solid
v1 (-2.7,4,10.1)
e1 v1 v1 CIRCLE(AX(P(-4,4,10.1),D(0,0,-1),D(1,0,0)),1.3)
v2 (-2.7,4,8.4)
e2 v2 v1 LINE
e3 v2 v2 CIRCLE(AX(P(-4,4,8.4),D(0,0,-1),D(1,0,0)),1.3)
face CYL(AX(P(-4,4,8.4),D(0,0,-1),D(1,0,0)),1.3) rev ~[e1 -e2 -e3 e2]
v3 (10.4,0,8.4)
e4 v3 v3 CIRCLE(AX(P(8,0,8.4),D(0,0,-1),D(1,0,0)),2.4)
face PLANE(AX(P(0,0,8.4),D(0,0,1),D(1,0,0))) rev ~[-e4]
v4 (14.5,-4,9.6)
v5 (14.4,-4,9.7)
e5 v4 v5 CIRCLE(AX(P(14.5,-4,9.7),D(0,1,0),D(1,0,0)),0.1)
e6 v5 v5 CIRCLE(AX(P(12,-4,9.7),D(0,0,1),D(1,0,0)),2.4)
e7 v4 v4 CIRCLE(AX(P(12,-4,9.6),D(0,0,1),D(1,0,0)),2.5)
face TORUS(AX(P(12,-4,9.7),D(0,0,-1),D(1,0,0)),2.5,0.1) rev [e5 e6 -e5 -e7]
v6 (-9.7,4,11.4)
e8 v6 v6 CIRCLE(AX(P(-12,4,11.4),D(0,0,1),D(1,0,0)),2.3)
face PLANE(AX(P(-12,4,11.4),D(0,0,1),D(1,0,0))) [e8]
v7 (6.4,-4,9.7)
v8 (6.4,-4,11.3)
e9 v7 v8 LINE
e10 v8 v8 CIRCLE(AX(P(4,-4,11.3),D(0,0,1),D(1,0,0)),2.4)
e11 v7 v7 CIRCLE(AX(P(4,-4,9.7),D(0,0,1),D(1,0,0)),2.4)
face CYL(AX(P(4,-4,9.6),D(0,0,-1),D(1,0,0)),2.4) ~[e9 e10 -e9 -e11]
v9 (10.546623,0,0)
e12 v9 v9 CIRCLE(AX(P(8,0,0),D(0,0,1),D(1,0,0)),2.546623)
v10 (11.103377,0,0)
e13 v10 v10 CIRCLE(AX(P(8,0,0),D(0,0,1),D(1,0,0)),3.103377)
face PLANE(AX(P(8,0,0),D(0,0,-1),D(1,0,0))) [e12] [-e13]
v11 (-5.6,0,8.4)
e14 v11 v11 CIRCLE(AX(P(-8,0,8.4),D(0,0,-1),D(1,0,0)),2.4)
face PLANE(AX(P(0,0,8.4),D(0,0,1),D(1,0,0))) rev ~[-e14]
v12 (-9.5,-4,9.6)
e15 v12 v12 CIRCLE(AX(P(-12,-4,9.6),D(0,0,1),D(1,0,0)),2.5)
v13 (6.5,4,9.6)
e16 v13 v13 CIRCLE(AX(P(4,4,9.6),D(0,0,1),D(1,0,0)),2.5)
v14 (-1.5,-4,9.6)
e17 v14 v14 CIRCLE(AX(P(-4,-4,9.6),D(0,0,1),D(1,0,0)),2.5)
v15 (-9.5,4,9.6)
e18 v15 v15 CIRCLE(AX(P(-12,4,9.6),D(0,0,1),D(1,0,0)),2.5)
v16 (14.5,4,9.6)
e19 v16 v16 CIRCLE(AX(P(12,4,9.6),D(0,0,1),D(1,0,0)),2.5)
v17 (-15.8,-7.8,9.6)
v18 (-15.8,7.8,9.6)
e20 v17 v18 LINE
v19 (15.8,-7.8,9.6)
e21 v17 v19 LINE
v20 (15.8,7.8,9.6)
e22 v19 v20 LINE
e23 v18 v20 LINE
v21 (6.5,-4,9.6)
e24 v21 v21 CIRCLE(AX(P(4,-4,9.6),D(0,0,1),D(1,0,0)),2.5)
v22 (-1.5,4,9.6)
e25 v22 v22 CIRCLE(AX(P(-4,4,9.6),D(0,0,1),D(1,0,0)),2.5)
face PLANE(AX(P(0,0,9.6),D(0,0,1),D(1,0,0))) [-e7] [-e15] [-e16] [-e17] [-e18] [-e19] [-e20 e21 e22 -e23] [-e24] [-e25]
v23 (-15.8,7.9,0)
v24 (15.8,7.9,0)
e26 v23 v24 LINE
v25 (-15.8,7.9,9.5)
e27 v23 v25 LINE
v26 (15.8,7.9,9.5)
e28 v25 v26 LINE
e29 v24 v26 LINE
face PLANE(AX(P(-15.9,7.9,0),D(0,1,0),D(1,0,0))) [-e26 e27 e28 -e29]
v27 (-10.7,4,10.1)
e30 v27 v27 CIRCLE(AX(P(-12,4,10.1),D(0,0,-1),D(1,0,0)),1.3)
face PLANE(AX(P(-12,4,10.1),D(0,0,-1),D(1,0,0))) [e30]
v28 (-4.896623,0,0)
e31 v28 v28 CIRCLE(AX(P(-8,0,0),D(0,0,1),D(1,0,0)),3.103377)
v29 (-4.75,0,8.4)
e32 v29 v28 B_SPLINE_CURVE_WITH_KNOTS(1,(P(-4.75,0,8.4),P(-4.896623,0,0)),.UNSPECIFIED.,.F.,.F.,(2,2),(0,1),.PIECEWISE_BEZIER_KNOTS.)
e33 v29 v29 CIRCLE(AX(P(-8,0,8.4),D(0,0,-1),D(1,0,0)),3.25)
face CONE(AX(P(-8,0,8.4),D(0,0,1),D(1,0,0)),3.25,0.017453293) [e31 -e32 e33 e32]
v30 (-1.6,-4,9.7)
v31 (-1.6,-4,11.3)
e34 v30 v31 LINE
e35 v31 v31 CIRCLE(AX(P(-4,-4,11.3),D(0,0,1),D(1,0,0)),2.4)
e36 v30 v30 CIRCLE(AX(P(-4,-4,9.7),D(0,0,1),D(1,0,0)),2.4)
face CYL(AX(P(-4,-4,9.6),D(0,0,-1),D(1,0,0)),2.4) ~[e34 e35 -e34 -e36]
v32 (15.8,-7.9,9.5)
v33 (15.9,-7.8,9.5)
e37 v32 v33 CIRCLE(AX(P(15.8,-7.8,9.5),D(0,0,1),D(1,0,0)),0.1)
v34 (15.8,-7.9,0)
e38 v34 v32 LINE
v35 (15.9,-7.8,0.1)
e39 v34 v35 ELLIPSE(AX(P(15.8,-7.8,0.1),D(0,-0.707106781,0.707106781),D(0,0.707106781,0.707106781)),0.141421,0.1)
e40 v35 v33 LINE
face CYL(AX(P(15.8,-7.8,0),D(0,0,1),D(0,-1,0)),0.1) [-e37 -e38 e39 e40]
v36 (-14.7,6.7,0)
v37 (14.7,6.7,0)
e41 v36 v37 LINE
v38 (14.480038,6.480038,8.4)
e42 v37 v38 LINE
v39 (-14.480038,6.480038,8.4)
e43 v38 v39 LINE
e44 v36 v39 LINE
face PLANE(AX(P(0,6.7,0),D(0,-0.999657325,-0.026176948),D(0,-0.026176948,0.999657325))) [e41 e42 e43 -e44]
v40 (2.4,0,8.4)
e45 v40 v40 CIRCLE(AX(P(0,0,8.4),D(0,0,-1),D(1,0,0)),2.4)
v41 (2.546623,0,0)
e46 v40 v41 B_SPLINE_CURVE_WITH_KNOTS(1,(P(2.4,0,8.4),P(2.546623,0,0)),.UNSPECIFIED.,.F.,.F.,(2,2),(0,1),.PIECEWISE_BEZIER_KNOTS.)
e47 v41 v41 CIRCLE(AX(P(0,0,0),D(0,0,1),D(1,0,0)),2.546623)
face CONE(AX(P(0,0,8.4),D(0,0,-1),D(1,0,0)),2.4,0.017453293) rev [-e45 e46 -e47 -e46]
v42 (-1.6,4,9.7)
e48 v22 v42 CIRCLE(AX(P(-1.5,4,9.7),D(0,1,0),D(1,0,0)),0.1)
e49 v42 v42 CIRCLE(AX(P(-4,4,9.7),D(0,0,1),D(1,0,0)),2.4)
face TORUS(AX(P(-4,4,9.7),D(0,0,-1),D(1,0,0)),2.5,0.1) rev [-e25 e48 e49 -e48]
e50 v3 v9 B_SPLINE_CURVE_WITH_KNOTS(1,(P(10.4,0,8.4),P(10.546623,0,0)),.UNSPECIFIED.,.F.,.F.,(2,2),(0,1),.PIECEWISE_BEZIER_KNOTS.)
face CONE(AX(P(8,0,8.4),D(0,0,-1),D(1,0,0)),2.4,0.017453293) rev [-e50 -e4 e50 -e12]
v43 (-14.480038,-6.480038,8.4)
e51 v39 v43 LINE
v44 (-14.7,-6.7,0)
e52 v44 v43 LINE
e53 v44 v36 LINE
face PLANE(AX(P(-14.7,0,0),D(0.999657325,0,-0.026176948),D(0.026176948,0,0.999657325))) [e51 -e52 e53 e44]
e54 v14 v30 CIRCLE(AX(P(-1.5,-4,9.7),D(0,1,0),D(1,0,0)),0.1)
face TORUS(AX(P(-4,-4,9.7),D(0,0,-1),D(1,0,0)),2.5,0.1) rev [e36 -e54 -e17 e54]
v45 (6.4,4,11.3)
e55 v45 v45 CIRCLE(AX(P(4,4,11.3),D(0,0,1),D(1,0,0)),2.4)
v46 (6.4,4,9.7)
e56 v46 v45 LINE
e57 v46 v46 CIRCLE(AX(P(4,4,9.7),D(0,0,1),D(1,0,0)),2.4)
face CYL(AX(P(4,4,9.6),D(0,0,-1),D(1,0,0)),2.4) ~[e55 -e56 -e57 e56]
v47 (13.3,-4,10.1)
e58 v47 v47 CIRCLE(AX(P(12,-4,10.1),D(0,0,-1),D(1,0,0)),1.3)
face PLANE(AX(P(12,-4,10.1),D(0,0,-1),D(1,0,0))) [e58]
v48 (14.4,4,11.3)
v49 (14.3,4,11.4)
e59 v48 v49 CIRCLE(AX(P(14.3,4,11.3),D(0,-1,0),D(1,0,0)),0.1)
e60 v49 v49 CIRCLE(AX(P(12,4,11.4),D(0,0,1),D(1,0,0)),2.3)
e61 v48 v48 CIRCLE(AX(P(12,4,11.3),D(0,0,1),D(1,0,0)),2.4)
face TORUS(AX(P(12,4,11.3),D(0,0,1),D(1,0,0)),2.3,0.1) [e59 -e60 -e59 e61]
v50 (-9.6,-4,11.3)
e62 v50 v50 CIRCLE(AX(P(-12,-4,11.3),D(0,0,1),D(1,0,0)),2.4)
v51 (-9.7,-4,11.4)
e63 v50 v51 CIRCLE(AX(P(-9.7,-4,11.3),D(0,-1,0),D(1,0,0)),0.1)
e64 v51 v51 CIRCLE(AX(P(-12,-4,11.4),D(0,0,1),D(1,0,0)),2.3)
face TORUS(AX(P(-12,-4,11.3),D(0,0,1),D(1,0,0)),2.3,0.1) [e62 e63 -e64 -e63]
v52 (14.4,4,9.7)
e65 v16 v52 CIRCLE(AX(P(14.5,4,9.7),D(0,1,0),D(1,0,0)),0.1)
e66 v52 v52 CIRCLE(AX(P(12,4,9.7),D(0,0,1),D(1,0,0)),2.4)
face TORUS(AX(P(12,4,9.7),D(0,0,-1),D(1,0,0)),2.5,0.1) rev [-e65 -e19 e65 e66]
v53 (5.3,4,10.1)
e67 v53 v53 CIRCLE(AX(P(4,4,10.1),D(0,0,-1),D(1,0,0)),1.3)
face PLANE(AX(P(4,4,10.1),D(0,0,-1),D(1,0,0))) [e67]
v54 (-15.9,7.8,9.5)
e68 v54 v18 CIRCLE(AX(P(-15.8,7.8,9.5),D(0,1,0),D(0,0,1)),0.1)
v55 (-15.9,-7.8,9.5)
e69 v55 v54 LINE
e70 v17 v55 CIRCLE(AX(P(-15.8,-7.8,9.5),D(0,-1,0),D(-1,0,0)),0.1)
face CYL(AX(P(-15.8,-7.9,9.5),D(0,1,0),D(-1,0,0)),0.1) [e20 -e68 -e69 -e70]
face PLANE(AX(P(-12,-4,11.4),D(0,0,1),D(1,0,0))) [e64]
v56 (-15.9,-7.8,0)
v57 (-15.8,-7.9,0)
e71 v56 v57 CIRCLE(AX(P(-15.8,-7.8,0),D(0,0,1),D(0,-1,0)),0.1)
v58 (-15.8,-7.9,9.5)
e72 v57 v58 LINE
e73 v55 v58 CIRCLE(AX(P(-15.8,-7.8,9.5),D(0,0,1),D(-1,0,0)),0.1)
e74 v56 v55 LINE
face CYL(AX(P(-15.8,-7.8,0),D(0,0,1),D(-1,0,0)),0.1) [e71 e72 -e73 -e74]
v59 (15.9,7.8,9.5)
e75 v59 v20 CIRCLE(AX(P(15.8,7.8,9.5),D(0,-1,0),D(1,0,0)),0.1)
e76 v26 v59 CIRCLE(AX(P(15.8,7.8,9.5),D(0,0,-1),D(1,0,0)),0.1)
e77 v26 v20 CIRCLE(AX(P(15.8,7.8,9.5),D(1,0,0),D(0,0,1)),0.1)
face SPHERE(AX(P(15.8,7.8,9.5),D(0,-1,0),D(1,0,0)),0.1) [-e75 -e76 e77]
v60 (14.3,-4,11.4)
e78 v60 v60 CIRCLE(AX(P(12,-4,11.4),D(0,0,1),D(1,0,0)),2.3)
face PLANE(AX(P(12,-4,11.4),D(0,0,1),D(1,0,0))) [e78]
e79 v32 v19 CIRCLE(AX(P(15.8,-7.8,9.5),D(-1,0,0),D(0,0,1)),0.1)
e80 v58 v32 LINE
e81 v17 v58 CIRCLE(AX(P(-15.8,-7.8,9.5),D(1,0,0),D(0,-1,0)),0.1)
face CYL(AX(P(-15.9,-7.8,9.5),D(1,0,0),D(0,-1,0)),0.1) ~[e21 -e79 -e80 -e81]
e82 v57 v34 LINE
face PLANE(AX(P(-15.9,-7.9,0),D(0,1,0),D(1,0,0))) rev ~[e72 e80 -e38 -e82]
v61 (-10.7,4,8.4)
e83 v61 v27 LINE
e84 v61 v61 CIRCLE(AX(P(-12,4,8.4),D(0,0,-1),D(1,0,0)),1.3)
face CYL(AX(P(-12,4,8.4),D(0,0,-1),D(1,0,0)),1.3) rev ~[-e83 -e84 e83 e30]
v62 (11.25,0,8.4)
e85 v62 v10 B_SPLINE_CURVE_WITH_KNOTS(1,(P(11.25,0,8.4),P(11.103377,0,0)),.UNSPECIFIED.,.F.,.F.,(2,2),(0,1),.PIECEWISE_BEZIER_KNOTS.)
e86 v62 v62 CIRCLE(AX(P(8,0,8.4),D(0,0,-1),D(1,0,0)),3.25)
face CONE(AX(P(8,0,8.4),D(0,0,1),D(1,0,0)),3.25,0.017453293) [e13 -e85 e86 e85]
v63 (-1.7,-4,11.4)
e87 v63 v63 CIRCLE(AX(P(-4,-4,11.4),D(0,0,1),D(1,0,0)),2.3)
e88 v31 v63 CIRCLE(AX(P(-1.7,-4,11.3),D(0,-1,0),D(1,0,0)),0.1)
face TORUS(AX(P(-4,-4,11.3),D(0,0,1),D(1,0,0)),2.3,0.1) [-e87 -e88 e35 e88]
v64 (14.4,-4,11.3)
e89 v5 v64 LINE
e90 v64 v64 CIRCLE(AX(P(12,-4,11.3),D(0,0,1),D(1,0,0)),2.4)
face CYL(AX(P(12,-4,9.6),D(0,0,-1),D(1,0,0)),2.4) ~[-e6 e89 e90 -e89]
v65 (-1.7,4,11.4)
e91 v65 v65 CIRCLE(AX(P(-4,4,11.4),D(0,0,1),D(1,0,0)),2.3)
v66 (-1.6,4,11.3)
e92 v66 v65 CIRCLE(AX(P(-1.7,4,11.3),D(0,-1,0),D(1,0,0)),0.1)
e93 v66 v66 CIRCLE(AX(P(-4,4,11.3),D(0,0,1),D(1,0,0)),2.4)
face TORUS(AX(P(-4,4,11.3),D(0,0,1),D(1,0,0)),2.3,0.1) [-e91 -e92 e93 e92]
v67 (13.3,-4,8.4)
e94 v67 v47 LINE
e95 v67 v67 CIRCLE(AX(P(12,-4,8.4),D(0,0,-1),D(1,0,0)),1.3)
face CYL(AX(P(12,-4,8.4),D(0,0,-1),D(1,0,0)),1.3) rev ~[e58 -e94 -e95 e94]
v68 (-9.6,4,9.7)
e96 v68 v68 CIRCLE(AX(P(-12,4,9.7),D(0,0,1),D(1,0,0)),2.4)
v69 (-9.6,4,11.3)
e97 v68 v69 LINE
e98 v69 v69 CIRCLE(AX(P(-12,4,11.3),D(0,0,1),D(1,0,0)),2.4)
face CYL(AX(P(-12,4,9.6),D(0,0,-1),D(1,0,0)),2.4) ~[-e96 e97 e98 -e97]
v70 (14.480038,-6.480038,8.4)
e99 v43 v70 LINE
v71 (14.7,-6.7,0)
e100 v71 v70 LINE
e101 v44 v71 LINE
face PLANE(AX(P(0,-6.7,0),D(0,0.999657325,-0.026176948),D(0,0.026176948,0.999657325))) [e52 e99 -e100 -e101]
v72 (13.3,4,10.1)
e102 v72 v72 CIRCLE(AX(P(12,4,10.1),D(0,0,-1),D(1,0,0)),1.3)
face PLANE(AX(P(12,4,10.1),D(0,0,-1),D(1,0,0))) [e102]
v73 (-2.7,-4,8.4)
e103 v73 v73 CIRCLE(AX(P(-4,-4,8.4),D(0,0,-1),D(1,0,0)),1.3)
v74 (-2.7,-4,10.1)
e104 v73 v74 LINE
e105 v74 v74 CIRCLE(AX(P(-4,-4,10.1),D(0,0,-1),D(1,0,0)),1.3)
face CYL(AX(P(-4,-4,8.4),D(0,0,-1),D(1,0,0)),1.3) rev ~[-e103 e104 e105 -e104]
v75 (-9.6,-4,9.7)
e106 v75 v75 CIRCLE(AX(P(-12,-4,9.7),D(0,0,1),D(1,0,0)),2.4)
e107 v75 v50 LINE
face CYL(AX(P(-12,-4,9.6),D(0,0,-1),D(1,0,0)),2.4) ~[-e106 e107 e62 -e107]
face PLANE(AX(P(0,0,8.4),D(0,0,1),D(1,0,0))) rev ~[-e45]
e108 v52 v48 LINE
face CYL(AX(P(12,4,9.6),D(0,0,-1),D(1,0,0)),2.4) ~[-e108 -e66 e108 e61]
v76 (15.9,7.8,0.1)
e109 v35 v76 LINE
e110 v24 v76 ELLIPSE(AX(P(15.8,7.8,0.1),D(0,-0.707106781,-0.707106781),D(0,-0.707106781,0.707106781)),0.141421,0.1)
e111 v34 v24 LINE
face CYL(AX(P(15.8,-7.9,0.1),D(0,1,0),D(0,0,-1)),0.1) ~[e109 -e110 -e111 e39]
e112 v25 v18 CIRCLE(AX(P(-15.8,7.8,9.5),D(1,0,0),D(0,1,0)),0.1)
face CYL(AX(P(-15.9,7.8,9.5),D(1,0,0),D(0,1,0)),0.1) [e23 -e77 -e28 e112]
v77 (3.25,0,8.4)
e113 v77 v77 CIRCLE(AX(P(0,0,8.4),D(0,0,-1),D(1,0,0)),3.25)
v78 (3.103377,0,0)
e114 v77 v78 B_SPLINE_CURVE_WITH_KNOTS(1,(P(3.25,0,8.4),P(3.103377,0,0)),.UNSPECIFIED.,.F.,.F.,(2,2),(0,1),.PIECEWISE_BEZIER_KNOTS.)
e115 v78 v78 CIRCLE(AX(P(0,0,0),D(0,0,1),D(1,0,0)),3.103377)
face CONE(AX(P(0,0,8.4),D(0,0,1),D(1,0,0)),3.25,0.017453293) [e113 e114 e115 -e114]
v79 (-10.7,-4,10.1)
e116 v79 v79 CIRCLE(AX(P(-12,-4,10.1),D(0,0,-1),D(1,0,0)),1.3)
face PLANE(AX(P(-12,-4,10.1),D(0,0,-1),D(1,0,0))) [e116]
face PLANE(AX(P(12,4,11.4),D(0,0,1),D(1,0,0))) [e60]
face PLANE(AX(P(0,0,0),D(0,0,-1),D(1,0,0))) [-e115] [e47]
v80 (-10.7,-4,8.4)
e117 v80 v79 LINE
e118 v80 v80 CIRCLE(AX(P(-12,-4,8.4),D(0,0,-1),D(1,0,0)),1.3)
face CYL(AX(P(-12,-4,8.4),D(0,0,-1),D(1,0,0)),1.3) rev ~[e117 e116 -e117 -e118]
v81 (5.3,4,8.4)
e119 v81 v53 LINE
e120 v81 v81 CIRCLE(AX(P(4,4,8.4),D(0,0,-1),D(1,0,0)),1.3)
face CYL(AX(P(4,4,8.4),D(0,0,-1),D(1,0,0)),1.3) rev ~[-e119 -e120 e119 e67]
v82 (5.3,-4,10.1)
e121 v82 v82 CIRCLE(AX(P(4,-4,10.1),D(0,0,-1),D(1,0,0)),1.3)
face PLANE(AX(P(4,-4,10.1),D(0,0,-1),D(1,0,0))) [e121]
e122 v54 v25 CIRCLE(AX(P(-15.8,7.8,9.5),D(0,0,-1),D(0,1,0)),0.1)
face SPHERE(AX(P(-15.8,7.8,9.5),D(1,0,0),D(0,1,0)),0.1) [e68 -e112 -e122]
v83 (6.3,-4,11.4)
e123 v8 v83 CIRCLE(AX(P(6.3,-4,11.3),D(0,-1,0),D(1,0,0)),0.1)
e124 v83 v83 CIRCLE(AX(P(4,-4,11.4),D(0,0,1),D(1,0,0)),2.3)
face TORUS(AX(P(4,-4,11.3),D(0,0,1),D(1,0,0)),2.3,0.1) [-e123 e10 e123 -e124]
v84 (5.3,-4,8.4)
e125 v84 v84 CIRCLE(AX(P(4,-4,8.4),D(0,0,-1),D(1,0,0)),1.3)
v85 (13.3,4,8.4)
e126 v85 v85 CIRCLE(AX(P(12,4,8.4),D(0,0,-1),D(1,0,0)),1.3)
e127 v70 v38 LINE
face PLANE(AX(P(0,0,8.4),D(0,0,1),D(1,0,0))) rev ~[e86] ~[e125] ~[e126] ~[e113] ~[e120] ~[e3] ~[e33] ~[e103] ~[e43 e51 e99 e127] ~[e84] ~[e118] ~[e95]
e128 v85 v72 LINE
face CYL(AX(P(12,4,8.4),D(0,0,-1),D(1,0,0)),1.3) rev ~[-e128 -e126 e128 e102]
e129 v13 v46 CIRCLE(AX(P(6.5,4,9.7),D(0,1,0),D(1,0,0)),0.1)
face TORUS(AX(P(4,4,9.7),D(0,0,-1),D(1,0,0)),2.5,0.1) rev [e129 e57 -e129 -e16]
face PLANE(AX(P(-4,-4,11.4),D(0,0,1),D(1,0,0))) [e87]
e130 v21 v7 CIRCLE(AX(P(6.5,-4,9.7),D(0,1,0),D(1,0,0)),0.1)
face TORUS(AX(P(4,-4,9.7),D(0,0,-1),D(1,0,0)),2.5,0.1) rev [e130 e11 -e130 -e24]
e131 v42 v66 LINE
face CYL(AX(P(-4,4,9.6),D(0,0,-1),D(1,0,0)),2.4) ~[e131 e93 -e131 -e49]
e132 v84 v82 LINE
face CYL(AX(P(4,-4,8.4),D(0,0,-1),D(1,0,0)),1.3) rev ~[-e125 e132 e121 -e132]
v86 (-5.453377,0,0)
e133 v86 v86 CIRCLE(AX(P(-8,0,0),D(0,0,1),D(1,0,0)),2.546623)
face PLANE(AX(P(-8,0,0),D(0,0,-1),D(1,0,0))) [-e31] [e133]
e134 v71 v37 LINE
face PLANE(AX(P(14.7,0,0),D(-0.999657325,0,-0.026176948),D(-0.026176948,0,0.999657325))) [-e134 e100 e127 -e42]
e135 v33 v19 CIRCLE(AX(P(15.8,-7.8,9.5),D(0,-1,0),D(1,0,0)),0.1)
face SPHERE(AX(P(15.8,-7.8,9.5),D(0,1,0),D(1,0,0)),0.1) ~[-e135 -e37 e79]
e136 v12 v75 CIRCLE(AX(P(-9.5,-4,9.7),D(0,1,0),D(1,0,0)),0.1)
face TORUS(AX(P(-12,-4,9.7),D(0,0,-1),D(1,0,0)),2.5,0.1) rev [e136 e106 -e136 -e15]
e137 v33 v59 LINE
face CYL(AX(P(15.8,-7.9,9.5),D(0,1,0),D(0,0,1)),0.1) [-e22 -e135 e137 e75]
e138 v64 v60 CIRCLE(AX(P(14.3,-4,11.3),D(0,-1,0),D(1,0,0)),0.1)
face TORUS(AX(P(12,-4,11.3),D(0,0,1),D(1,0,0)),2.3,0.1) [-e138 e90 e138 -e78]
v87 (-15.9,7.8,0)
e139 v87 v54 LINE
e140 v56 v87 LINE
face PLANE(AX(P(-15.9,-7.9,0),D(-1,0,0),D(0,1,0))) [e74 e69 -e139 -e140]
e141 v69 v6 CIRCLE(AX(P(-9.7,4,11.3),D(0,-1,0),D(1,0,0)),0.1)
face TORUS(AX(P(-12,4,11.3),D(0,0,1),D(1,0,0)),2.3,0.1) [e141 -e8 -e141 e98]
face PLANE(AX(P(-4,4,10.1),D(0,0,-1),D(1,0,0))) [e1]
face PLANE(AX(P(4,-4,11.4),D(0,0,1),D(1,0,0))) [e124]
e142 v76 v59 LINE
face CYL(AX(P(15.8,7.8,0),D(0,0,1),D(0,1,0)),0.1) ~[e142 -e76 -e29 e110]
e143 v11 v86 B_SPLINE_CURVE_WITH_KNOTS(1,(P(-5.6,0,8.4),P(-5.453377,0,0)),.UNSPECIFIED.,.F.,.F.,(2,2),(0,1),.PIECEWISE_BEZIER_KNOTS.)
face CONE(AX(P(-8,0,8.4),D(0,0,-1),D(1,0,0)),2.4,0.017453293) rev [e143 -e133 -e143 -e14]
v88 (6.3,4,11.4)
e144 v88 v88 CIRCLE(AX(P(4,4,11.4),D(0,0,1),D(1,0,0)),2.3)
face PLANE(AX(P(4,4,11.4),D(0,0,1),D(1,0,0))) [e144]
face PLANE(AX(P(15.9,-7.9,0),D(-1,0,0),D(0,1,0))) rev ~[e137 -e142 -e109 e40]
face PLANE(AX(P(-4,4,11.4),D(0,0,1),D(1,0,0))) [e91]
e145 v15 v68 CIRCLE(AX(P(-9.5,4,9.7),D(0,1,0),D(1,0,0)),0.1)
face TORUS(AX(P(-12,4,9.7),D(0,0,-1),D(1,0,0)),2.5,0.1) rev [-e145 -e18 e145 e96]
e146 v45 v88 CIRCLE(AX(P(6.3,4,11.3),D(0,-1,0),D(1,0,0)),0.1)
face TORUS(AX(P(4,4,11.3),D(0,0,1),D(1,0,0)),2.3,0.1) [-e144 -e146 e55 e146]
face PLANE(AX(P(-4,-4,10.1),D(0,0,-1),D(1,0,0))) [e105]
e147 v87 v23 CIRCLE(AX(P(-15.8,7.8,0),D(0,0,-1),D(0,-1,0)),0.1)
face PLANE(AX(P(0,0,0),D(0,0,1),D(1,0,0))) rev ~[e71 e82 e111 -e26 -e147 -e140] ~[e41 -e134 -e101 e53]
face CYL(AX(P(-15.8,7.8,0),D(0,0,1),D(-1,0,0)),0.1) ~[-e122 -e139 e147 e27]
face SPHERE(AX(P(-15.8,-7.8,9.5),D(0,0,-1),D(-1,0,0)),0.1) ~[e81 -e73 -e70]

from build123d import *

# Parameters (mm, degrees)
F0_W     = 31.8
F0_H     = 15.8
F1_DEPTH = 9.6
F2_R     = 2.4
F3_DEPTH = 1.8
F4_W     = 29.4
F4_H     = 13.4
F5_DEPTH = 8.4
F5_TAPER = 1.5
F6_R     = 1.3
F7_DEPTH = 1.7
F8_R     = 3.25
F8_R_2   = 2.4
F9_DEPTH = 8.4
F9_TAPER = 1
F10_R    = 0.1


with BuildPart() as f1:
    # F0 (on Top) → F1 (new body)
    with BuildSketch(Plane.XY):
        Rectangle(F0_W, F0_H)
    extrude(amount=F1_DEPTH)

    # F2 (on face) → F3 (join)
    with BuildSketch(Plane.XY.offset(9.6)):
        with Locations((-12, 4)):
            Circle(F2_R)
        with Locations((-12, -4)):
            Circle(F2_R)
        with Locations((-4, 4)):
            Circle(F2_R)
        with Locations((-4, -4)):
            Circle(F2_R)
        with Locations((4, 4)):
            Circle(F2_R)
        with Locations((4, -4)):
            Circle(F2_R)
        with Locations((12, 4)):
            Circle(F2_R)
        with Locations((12, -4)):
            Circle(F2_R)
    extrude(amount=F3_DEPTH)

    # F4 (on face) → F5 (cut)
    with BuildSketch(Plane.XY):
        Rectangle(F4_W, F4_H)
    extrude(amount=F5_DEPTH, taper=F5_TAPER, mode=Mode.SUBTRACT)

    # F6 (on face) → F7 (cut)
    with BuildSketch(Plane(origin=(0, 0, 8.4), x_dir=(1, 0, 0), z_dir=(0, 0, -1))):
        with Locations((-12, 4)):
            Circle(F6_R)
        with Locations((-4, 4)):
            Circle(F6_R)
        with Locations((4, 4)):
            Circle(F6_R)
        with Locations((12, 4)):
            Circle(F6_R)
        with Locations((-12, -4)):
            Circle(F6_R)
        with Locations((-4, -4)):
            Circle(F6_R)
        with Locations((4, -4)):
            Circle(F6_R)
        with Locations((12, -4)):
            Circle(F6_R)
    extrude(amount=-F7_DEPTH, mode=Mode.SUBTRACT)

    # F8 (on face) → F9 (join, through all)
    with BuildSketch(Plane(origin=(0, 0, 8.4), x_dir=(1, 0, 0), z_dir=(0, 0, -1))):
        Circle(F8_R)
        Circle(F8_R_2, mode=Mode.SUBTRACT)
        with Locations((8, 0)):
            Circle(F8_R)
        with Locations((8, 0)):
            Circle(F8_R_2, mode=Mode.SUBTRACT)
        with Locations((-8, 0)):
            Circle(F8_R)
        with Locations((-8, 0)):
            Circle(F8_R_2, mode=Mode.SUBTRACT)
    extrude(amount=F9_DEPTH, taper=F9_TAPER)

    # F10
    f10_edges = [f1.edges().sort_by_distance(p)[0] for p in [
        (9.6, -4, 11.4),
        (1.6, -4, 11.4),
        (-6.4, -4, 11.4),
        (-14.4, -4, 11.4),
        (-14.4, 4, 11.4),
        (-6.4, 4, 11.4),
        (1.6, 4, 11.4),
        (9.6, 4, 11.4),
        (-14.4, 4, 9.6),
        (-14.4, -4, 9.6),
        (-6.4, -4, 9.6),
        (-6.4, 4, 9.6),
        (1.6, 4, 9.6),
        (1.6, -4, 9.6),
        (9.6, 4, 9.6),
        (9.6, -4, 9.6),
        (15.9, 0, 9.6),
        (15.9, -7.9, 4.8),
        (15.9, 7.9, 4.8),
        (15.9, 0, 0),
        (0, 7.9, 9.6),
        (-15.9, 7.9, 4.8),
        (-15.9, -7.9, 4.8),
        (-15.9, 0, 9.6),
        (0, -7.9, 9.6),
    ]]
    fillet(f10_edges, radius=F10_R)


solid = f1.part
